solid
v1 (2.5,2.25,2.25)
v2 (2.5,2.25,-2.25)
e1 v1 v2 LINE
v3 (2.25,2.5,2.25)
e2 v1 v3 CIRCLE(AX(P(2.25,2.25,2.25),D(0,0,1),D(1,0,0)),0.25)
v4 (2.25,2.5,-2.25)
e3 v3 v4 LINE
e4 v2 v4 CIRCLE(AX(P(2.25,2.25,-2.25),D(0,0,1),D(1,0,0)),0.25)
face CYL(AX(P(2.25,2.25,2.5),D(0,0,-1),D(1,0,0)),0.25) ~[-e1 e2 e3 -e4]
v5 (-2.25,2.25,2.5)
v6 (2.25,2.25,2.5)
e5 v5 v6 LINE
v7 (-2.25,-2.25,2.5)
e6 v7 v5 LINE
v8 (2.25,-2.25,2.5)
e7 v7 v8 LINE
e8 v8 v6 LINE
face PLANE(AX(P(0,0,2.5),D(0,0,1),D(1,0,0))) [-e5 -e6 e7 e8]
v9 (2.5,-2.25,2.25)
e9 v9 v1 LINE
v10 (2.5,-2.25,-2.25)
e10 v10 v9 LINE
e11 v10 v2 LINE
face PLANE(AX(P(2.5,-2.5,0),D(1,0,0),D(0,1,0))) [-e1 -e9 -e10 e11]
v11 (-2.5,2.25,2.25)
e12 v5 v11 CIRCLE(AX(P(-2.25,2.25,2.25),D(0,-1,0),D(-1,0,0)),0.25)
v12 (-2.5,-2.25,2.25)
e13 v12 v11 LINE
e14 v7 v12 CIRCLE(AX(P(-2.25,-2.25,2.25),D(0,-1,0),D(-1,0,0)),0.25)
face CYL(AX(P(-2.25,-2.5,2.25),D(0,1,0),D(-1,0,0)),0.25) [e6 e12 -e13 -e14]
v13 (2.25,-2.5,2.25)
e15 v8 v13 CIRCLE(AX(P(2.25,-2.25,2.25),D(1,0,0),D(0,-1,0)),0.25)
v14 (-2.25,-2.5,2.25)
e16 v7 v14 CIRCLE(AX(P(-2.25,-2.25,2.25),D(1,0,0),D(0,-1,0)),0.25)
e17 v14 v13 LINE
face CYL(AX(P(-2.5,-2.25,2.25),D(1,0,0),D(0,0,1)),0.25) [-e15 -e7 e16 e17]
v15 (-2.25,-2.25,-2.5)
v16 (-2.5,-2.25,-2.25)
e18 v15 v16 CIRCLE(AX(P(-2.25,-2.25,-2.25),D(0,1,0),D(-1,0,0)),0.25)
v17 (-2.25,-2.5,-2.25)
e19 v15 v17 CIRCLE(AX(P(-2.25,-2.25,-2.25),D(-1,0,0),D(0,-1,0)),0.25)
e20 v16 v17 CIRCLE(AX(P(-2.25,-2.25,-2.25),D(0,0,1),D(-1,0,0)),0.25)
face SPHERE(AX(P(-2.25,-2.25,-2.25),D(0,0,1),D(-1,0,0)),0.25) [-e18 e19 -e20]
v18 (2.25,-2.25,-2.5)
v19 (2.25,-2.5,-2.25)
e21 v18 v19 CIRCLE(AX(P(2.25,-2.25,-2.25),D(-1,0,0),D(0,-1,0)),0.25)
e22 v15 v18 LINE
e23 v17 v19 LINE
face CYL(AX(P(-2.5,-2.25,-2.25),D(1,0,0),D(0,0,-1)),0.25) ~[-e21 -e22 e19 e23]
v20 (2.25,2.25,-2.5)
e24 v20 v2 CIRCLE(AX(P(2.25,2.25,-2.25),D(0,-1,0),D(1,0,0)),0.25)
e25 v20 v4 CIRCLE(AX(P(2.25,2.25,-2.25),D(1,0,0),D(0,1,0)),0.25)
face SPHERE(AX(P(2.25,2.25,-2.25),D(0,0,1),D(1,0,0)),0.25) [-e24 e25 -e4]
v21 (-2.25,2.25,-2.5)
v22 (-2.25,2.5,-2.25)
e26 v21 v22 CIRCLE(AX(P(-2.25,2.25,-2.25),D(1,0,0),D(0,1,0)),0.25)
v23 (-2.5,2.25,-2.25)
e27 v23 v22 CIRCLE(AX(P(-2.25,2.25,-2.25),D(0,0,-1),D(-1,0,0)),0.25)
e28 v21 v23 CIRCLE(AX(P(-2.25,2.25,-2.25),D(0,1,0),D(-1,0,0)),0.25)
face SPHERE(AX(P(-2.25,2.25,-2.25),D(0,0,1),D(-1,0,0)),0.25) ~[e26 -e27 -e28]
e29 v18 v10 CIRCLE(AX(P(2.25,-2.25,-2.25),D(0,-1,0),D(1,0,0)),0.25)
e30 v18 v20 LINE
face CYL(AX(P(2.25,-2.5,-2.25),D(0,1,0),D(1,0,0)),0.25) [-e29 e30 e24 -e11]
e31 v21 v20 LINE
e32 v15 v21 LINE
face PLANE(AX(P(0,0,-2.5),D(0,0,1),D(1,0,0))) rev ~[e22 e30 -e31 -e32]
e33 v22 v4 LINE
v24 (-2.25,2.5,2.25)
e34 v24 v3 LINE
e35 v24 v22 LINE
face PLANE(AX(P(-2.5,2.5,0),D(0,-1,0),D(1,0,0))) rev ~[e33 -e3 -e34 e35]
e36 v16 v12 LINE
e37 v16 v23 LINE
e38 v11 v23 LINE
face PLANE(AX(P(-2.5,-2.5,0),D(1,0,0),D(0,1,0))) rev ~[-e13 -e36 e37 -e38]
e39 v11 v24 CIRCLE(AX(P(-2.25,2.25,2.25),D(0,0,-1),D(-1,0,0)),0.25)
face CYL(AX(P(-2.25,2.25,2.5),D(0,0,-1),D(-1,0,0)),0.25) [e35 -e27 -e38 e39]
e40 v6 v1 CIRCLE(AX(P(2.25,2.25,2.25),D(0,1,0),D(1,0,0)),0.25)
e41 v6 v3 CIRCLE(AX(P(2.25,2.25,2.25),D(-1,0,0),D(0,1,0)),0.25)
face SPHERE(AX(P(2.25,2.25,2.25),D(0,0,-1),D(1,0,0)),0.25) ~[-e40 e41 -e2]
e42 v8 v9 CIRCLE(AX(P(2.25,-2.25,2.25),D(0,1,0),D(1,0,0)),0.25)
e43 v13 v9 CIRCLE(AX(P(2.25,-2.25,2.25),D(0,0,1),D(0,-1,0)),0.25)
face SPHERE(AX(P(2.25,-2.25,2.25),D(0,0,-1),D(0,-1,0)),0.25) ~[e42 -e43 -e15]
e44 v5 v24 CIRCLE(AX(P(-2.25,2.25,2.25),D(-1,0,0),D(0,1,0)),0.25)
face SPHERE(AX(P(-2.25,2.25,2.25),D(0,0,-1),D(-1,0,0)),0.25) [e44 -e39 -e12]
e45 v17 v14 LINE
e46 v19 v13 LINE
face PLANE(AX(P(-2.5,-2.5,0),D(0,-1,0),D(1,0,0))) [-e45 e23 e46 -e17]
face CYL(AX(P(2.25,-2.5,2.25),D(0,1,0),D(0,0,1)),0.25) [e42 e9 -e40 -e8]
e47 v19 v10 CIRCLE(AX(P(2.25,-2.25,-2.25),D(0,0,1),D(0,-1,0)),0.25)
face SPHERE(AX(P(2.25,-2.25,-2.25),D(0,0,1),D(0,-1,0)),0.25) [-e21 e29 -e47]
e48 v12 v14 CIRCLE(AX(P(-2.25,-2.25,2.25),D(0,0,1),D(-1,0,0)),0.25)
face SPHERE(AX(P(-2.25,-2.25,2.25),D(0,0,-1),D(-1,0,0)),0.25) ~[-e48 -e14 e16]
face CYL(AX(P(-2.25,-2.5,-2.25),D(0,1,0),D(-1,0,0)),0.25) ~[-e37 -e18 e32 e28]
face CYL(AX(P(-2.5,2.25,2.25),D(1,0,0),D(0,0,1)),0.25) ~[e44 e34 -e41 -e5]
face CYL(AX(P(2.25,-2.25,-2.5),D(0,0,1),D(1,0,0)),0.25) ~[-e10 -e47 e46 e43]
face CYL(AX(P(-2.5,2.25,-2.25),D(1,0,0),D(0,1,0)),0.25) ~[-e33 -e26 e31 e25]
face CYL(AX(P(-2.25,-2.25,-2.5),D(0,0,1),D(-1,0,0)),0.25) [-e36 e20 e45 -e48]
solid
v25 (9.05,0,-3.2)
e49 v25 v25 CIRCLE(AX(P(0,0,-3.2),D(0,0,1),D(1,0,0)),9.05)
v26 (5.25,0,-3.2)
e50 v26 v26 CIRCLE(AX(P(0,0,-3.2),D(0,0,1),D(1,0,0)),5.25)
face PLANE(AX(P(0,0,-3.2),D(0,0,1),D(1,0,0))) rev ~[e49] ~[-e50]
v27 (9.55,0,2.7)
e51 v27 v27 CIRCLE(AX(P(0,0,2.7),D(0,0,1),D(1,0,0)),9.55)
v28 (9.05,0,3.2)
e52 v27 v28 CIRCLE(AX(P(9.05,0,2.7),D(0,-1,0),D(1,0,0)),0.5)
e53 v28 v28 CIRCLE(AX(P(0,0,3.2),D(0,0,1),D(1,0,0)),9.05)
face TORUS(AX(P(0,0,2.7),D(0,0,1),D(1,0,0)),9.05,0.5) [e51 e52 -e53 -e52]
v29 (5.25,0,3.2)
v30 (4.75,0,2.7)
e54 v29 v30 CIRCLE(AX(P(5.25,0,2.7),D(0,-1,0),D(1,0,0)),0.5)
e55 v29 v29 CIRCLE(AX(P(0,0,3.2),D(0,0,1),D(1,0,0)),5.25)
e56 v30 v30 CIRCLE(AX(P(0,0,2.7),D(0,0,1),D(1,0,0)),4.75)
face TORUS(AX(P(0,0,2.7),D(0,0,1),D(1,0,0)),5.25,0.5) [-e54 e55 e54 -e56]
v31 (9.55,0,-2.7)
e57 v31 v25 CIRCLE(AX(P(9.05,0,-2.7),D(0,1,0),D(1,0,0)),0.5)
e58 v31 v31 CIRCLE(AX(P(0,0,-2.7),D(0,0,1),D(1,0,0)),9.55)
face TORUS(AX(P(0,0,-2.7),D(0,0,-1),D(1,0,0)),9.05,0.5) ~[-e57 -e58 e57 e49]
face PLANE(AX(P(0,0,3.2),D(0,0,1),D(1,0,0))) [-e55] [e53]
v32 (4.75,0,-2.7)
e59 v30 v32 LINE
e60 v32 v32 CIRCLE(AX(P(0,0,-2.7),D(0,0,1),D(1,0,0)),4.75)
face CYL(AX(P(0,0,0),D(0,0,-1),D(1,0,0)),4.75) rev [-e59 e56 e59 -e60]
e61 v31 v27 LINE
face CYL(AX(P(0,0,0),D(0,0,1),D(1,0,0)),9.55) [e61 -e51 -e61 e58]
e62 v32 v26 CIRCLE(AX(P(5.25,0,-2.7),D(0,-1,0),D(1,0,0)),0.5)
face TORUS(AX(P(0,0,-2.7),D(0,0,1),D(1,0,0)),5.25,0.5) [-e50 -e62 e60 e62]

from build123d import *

# Parameters (mm, degrees)
F0_W     = 5
F0_H     = 5
F1_DEPTH = 2.5
F2_R     = 0.25
F3_R     = 9.55
F3_R_2   = 4.75
F4_DEPTH = 3.2
F5_R     = 0.5


with BuildPart() as f1:
    # F0 (on Top) → F1 (new body, symmetric)
    with BuildSketch(Plane.XY):
        Rectangle(F0_W, F0_H)
    extrude(amount=F1_DEPTH, both=True)

    # F2
    f2_edges = [f1.edges().sort_by_distance(p)[0] for p in [
        (2.5, 2.5, 0),
        (2.5, -2.5, 0),
        (-2.5, -2.5, 0),
        (-2.5, 2.5, 0),
        (-2.5, 0, 2.5),
        (-2.5, 0, -2.5),
        (0, -2.5, 2.5),
        (2.5, 0, 2.5),
        (0, 2.5, 2.5),
        (0, -2.5, -2.5),
        (2.5, 0, -2.5),
        (0, 2.5, -2.5),
    ]]
    fillet(f2_edges, radius=F2_R)


with BuildPart() as f4:
    # F3 (on Top) → F4 (new body, symmetric)
    with BuildSketch(Plane.XY):
        Circle(F3_R)
        Circle(F3_R_2, mode=Mode.SUBTRACT)
    extrude(amount=F4_DEPTH, both=True)

    # F5
    f5_edges = [f4.edges().sort_by_distance(p)[0] for p in [
        (-9.55, 0, 3.2),
        (-9.55, 0, -3.2),
        (-4.75, 0, 3.2),
        (-4.75, 0, -3.2),
    ]]
    fillet(f5_edges, radius=F5_R)


solid = Compound([f1.part, f4.part])
